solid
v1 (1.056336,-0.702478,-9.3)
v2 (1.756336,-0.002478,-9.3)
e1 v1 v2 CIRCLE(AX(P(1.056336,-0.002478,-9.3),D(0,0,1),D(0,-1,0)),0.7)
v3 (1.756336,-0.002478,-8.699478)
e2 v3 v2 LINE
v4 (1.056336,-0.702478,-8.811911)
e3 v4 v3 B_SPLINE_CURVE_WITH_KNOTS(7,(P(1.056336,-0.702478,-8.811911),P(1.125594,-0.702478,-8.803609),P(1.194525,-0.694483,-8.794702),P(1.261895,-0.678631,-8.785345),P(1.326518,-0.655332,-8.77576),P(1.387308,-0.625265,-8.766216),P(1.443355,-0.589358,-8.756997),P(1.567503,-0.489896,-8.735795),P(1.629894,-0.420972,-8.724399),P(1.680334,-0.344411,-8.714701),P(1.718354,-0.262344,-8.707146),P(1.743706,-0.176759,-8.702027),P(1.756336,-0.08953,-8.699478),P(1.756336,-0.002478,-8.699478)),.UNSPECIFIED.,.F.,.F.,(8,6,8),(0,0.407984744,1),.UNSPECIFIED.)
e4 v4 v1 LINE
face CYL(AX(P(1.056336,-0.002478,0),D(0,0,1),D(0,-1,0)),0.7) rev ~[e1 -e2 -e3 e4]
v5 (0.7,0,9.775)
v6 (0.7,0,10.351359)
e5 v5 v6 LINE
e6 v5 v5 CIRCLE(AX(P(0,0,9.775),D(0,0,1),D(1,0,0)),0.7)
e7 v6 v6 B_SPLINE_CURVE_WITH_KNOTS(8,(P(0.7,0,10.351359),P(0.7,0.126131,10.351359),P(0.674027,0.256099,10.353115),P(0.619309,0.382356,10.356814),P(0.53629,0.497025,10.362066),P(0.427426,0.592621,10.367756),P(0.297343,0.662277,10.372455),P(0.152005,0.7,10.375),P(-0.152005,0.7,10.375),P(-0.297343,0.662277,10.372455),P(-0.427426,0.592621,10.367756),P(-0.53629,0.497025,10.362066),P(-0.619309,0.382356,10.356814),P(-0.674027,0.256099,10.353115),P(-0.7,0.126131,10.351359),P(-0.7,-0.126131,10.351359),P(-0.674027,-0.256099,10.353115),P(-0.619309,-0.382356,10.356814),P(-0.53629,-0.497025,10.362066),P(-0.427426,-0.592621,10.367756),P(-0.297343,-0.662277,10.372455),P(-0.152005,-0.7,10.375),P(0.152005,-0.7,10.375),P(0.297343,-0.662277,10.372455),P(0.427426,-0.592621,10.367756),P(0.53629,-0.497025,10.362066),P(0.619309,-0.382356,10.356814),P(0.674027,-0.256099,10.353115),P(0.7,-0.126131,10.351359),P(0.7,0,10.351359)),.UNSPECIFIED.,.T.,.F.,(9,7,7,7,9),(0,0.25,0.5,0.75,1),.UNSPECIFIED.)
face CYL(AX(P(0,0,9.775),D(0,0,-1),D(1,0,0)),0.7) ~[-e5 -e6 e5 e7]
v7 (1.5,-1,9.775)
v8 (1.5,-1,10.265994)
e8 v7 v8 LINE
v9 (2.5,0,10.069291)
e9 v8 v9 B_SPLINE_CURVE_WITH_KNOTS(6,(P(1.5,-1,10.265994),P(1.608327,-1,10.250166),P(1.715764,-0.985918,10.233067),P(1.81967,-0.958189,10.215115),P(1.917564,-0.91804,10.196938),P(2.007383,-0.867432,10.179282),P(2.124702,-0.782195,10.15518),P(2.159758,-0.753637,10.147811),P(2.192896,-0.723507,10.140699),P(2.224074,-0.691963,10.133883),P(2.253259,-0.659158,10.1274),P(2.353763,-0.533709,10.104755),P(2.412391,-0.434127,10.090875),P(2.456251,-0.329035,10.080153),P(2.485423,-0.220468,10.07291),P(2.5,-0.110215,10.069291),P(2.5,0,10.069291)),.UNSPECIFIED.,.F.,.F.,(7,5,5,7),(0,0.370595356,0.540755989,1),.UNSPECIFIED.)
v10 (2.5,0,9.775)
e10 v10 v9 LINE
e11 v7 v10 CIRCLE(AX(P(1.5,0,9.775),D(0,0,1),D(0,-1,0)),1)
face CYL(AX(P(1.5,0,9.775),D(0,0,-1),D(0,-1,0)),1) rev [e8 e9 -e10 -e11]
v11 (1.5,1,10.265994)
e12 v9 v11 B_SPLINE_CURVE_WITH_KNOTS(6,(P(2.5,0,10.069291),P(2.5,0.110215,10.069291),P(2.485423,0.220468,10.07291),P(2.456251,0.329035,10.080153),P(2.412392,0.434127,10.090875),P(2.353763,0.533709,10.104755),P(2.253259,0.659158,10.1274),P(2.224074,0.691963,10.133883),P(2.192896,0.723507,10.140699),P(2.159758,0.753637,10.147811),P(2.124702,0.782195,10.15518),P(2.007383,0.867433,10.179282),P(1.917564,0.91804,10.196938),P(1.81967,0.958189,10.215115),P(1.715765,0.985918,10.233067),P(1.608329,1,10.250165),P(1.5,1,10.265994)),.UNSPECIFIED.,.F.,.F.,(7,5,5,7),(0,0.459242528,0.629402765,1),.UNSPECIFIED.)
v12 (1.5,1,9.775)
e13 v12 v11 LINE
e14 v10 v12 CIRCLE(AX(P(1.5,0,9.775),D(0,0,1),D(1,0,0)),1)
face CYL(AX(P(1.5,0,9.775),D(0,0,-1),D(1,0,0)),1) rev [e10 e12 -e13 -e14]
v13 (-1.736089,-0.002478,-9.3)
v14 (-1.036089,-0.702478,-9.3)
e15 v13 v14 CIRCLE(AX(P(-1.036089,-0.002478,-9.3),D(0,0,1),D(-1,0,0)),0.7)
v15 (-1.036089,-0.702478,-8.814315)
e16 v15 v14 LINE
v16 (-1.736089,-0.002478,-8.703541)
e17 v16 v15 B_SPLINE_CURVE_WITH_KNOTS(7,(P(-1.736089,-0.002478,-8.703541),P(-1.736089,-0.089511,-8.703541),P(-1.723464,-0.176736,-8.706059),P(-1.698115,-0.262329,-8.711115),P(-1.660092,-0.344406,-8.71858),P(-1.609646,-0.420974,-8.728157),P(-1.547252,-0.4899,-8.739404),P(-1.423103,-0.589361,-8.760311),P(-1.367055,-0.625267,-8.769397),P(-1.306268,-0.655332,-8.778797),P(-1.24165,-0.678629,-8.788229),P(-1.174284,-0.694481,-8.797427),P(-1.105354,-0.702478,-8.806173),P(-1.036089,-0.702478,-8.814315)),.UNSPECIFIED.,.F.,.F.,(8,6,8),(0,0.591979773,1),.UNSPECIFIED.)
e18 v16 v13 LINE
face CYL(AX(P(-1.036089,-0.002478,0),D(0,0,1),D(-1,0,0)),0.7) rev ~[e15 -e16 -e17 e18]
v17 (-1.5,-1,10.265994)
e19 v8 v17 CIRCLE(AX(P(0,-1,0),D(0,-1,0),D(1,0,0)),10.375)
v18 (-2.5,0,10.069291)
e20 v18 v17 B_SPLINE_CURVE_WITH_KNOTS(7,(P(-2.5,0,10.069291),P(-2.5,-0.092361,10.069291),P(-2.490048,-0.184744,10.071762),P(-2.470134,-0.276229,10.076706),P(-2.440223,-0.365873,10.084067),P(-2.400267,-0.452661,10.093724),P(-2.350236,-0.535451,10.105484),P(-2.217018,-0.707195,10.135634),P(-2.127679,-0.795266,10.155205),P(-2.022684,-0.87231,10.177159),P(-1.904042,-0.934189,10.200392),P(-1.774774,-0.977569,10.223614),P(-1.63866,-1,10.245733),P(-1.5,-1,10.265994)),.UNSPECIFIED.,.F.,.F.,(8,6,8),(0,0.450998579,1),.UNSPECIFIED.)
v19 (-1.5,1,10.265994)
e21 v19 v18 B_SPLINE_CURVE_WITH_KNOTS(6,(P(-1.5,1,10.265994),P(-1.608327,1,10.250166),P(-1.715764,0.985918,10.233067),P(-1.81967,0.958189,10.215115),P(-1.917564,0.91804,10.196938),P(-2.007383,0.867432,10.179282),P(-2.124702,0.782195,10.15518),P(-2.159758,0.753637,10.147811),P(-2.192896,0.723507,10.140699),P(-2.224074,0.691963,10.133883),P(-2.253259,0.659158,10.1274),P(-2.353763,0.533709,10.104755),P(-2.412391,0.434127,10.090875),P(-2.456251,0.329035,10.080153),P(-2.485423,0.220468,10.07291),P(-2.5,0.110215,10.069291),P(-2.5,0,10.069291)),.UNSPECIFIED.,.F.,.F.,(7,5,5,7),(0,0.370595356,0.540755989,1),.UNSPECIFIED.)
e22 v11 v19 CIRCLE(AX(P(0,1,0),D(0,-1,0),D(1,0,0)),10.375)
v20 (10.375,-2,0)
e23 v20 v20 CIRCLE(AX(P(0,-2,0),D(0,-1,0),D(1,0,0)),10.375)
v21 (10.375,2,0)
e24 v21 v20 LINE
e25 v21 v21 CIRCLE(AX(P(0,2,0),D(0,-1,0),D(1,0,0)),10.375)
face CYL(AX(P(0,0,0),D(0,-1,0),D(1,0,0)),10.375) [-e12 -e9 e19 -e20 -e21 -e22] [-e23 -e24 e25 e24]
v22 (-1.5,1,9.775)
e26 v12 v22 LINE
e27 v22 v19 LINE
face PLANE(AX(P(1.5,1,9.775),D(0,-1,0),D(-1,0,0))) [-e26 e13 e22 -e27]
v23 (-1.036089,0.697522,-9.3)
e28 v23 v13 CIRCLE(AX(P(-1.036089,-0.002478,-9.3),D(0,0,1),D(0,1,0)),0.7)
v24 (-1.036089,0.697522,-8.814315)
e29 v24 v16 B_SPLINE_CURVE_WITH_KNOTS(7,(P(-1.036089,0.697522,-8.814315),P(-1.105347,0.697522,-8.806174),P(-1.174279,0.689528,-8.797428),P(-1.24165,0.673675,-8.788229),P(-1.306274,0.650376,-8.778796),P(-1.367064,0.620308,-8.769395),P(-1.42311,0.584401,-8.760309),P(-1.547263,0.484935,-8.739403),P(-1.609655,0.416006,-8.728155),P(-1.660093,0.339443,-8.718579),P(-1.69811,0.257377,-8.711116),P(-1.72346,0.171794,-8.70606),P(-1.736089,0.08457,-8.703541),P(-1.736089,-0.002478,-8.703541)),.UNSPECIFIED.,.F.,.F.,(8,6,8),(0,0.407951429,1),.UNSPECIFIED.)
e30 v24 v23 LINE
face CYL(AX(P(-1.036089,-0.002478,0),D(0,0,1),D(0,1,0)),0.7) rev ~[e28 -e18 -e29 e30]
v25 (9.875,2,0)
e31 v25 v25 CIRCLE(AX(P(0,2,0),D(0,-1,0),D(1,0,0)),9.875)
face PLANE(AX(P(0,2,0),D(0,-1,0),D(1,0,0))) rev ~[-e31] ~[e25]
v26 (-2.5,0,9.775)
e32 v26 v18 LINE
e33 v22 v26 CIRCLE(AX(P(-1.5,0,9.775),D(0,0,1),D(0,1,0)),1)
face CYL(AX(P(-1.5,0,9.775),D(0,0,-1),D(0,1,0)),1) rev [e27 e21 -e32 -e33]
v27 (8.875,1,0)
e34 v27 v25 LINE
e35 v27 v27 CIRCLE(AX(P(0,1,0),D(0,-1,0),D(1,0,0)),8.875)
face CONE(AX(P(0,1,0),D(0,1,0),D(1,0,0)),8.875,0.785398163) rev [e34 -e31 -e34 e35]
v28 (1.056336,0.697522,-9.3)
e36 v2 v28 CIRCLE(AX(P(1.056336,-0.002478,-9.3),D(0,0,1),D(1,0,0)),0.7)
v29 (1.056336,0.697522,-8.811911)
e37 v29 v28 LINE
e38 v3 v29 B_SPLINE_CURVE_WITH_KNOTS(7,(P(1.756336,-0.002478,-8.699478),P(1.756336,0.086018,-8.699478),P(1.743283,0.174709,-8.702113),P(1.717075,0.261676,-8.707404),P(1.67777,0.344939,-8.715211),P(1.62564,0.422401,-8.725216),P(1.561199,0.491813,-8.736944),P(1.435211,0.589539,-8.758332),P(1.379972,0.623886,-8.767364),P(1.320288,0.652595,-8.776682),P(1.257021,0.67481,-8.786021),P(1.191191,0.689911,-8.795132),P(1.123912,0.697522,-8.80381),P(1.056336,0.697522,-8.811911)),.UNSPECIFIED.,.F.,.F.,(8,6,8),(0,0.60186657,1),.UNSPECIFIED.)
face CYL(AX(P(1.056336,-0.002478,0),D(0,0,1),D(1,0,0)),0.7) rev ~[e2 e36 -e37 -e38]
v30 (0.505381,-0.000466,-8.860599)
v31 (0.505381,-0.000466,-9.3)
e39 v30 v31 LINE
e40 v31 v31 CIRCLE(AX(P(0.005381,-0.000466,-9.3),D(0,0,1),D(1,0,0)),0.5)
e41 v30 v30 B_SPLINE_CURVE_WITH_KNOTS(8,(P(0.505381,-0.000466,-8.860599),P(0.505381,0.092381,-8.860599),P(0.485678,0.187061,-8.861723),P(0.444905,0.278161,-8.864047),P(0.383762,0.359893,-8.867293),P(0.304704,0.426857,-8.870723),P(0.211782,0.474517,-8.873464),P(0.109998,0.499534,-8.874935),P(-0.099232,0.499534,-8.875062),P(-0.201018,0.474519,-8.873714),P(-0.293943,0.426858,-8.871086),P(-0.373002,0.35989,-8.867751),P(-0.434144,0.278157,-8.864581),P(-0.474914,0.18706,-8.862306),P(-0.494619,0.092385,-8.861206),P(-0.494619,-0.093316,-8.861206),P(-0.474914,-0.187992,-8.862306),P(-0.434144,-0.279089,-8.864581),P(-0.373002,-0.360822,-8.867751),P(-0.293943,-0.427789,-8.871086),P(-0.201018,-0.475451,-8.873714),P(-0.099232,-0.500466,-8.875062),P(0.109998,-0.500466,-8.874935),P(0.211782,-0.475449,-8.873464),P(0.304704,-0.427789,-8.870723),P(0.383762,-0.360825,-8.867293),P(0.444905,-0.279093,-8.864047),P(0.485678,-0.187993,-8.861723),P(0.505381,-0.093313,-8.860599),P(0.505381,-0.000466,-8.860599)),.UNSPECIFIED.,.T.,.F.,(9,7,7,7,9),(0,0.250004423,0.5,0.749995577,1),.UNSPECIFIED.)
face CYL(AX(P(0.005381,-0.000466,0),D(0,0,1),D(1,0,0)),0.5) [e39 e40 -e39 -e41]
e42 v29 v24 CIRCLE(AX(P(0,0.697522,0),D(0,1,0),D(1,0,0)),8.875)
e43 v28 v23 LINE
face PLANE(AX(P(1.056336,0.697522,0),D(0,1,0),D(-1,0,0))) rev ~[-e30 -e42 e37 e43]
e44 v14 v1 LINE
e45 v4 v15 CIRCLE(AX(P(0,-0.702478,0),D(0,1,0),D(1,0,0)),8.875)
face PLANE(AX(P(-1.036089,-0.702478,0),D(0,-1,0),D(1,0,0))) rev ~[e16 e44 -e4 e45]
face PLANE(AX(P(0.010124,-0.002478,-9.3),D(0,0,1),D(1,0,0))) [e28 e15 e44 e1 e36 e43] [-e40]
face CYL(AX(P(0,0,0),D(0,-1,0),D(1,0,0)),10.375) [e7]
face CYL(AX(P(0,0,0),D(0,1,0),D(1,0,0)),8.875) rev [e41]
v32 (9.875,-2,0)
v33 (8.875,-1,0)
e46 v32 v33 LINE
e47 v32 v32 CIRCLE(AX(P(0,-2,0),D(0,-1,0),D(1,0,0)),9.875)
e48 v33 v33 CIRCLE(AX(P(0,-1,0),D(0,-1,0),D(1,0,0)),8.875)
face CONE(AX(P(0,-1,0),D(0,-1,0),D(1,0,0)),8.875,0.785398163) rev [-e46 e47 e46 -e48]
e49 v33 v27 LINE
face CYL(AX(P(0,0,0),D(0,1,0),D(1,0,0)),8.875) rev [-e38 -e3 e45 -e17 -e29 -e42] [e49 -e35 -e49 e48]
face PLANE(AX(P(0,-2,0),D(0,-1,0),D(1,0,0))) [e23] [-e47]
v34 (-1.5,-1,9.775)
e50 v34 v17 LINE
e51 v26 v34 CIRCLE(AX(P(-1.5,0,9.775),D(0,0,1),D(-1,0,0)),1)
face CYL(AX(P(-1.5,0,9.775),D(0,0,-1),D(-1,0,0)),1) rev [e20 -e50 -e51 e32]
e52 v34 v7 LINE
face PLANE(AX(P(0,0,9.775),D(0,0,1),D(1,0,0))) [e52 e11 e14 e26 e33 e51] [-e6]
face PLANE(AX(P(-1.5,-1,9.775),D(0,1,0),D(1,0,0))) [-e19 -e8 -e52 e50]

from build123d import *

# Parameters (mm, degrees)
F0_R          = 10.375
F0_R_2        = 8.875
F1_DEPTH      = 2
F1_DEPTH_BACK = 2
F2_SIZE       = 1
F4_START      = 9.775
F3_R          = 0.7
F4_DEPTH      = 15.225
F5_R          = 0.5
F6_DEPTH      = 9.3


with BuildPart() as f1:
    # F0 (on Front) → F1 (new body, two sides)
    with BuildSketch(Plane.XZ) as f1_sk:
        Circle(F0_R)
        Circle(F0_R_2, mode=Mode.SUBTRACT)
    extrude(amount=F1_DEPTH)
    extrude(f1_sk.sketch, amount=-F1_DEPTH_BACK)

    # F2
    f2_edges = [f1.edges().sort_by_distance(p)[0] for p in [
        (-8.875, -2, 0),
        (-8.875, 2, 0),
    ]]
    chamfer(f2_edges, length=F2_SIZE)

    # F3 (on Top) → F4 (cut)
    with BuildSketch(Plane.XY.offset(F4_START)):
        with BuildLine():
            Line((-1.5, -1), (1.5, -1))
            ThreePointArc((1.5, -1), (2.2071067812, -0.7071067812), (2.5, 0))
            ThreePointArc((2.5, 0), (2.2071067812, 0.7071067812), (1.5, 1))
            Line((1.5, 1), (-1.5, 1))
            ThreePointArc((-1.5, 1), (-2.2071067812, 0.7071067812), (-2.5, 0))
            ThreePointArc((-2.5, 0), (-2.2071067812, -0.7071067812), (-1.5, -1))
        make_face()
        Circle(F3_R, mode=Mode.SUBTRACT)
    extrude(amount=F4_DEPTH, mode=Mode.SUBTRACT)

    # F5 (on Top) → F6 (cut)
    with BuildSketch(Plane.XY):
        with BuildLine():
            ThreePointArc((1.7263360261, -2.2374776466), (1.521310773, -1.7425028998), (1.0263360261, -1.5374776466))
            Line((1.0263360261, -1.5374776466), (-1.0660886515, -1.5374776466))
            ThreePointArc((-1.0660886515, -1.5374776466), (-1.5610633983, -1.7425028998), (-1.7660886515, -2.2374776466))
            ThreePointArc((-1.7660886515, -2.2374776466), (-1.5610633983, -2.7324523935), (-1.0660886515, -2.9374776466))
            Line((-1.0660886515, -2.9374776466), (1.0263360261, -2.9374776466))
            ThreePointArc((1.0263360261, -2.9374776466), (1.521310773, -2.7324523935), (1.7263360261, -2.2374776466))
        make_face()
        with BuildLine():
            ThreePointArc((1.7563359968, -0.0024776423), (1.5513107436, 0.4924971045), (1.0563359968, 0.6975223577))
            Line((1.0563359968, 0.6975223577), (-1.0360886808, 0.6975223577))
            ThreePointArc((-1.0360886808, 0.6975223577), (-1.5310634277, 0.4924971045), (-1.7360886808, -0.0024776423))
            ThreePointArc((-1.7360886808, -0.0024776423), (-1.5310634277, -0.4974523892), (-1.0360886808, -0.7024776423))
            Line((-1.0360886808, -0.7024776423), (1.0563359968, -0.7024776423))
            ThreePointArc((1.0563359968, -0.7024776423), (1.5513107436, -0.4974523892), (1.7563359968, -0.0024776423))
        make_face()
        with Locations((0.0053813122, -0.0004659606)):
            Circle(F5_R, mode=Mode.SUBTRACT)
        with BuildLine():
            ThreePointArc((1.7263360261, 2.2689716425), (1.521310773, 2.7639463893), (1.0263360261, 2.9689716425))
            Line((1.0263360261, 2.9689716425), (-1.0660886515, 2.9689716425))
            ThreePointArc((-1.0660886515, 2.9689716425), (-1.5610633983, 2.7639463893), (-1.7660886515, 2.2689716425))
            ThreePointArc((-1.7660886515, 2.2689716425), (-1.5610633983, 1.7739968956), (-1.0660886515, 1.5689716425))
            Line((-1.0660886515, 1.5689716425), (1.0263360261, 1.5689716425))
            ThreePointArc((1.0263360261, 1.5689716425), (1.521310773, 1.7739968956), (1.7263360261, 2.2689716425))
        make_face()
    extrude(amount=-F6_DEPTH, mode=Mode.SUBTRACT)


solid = f1.part
